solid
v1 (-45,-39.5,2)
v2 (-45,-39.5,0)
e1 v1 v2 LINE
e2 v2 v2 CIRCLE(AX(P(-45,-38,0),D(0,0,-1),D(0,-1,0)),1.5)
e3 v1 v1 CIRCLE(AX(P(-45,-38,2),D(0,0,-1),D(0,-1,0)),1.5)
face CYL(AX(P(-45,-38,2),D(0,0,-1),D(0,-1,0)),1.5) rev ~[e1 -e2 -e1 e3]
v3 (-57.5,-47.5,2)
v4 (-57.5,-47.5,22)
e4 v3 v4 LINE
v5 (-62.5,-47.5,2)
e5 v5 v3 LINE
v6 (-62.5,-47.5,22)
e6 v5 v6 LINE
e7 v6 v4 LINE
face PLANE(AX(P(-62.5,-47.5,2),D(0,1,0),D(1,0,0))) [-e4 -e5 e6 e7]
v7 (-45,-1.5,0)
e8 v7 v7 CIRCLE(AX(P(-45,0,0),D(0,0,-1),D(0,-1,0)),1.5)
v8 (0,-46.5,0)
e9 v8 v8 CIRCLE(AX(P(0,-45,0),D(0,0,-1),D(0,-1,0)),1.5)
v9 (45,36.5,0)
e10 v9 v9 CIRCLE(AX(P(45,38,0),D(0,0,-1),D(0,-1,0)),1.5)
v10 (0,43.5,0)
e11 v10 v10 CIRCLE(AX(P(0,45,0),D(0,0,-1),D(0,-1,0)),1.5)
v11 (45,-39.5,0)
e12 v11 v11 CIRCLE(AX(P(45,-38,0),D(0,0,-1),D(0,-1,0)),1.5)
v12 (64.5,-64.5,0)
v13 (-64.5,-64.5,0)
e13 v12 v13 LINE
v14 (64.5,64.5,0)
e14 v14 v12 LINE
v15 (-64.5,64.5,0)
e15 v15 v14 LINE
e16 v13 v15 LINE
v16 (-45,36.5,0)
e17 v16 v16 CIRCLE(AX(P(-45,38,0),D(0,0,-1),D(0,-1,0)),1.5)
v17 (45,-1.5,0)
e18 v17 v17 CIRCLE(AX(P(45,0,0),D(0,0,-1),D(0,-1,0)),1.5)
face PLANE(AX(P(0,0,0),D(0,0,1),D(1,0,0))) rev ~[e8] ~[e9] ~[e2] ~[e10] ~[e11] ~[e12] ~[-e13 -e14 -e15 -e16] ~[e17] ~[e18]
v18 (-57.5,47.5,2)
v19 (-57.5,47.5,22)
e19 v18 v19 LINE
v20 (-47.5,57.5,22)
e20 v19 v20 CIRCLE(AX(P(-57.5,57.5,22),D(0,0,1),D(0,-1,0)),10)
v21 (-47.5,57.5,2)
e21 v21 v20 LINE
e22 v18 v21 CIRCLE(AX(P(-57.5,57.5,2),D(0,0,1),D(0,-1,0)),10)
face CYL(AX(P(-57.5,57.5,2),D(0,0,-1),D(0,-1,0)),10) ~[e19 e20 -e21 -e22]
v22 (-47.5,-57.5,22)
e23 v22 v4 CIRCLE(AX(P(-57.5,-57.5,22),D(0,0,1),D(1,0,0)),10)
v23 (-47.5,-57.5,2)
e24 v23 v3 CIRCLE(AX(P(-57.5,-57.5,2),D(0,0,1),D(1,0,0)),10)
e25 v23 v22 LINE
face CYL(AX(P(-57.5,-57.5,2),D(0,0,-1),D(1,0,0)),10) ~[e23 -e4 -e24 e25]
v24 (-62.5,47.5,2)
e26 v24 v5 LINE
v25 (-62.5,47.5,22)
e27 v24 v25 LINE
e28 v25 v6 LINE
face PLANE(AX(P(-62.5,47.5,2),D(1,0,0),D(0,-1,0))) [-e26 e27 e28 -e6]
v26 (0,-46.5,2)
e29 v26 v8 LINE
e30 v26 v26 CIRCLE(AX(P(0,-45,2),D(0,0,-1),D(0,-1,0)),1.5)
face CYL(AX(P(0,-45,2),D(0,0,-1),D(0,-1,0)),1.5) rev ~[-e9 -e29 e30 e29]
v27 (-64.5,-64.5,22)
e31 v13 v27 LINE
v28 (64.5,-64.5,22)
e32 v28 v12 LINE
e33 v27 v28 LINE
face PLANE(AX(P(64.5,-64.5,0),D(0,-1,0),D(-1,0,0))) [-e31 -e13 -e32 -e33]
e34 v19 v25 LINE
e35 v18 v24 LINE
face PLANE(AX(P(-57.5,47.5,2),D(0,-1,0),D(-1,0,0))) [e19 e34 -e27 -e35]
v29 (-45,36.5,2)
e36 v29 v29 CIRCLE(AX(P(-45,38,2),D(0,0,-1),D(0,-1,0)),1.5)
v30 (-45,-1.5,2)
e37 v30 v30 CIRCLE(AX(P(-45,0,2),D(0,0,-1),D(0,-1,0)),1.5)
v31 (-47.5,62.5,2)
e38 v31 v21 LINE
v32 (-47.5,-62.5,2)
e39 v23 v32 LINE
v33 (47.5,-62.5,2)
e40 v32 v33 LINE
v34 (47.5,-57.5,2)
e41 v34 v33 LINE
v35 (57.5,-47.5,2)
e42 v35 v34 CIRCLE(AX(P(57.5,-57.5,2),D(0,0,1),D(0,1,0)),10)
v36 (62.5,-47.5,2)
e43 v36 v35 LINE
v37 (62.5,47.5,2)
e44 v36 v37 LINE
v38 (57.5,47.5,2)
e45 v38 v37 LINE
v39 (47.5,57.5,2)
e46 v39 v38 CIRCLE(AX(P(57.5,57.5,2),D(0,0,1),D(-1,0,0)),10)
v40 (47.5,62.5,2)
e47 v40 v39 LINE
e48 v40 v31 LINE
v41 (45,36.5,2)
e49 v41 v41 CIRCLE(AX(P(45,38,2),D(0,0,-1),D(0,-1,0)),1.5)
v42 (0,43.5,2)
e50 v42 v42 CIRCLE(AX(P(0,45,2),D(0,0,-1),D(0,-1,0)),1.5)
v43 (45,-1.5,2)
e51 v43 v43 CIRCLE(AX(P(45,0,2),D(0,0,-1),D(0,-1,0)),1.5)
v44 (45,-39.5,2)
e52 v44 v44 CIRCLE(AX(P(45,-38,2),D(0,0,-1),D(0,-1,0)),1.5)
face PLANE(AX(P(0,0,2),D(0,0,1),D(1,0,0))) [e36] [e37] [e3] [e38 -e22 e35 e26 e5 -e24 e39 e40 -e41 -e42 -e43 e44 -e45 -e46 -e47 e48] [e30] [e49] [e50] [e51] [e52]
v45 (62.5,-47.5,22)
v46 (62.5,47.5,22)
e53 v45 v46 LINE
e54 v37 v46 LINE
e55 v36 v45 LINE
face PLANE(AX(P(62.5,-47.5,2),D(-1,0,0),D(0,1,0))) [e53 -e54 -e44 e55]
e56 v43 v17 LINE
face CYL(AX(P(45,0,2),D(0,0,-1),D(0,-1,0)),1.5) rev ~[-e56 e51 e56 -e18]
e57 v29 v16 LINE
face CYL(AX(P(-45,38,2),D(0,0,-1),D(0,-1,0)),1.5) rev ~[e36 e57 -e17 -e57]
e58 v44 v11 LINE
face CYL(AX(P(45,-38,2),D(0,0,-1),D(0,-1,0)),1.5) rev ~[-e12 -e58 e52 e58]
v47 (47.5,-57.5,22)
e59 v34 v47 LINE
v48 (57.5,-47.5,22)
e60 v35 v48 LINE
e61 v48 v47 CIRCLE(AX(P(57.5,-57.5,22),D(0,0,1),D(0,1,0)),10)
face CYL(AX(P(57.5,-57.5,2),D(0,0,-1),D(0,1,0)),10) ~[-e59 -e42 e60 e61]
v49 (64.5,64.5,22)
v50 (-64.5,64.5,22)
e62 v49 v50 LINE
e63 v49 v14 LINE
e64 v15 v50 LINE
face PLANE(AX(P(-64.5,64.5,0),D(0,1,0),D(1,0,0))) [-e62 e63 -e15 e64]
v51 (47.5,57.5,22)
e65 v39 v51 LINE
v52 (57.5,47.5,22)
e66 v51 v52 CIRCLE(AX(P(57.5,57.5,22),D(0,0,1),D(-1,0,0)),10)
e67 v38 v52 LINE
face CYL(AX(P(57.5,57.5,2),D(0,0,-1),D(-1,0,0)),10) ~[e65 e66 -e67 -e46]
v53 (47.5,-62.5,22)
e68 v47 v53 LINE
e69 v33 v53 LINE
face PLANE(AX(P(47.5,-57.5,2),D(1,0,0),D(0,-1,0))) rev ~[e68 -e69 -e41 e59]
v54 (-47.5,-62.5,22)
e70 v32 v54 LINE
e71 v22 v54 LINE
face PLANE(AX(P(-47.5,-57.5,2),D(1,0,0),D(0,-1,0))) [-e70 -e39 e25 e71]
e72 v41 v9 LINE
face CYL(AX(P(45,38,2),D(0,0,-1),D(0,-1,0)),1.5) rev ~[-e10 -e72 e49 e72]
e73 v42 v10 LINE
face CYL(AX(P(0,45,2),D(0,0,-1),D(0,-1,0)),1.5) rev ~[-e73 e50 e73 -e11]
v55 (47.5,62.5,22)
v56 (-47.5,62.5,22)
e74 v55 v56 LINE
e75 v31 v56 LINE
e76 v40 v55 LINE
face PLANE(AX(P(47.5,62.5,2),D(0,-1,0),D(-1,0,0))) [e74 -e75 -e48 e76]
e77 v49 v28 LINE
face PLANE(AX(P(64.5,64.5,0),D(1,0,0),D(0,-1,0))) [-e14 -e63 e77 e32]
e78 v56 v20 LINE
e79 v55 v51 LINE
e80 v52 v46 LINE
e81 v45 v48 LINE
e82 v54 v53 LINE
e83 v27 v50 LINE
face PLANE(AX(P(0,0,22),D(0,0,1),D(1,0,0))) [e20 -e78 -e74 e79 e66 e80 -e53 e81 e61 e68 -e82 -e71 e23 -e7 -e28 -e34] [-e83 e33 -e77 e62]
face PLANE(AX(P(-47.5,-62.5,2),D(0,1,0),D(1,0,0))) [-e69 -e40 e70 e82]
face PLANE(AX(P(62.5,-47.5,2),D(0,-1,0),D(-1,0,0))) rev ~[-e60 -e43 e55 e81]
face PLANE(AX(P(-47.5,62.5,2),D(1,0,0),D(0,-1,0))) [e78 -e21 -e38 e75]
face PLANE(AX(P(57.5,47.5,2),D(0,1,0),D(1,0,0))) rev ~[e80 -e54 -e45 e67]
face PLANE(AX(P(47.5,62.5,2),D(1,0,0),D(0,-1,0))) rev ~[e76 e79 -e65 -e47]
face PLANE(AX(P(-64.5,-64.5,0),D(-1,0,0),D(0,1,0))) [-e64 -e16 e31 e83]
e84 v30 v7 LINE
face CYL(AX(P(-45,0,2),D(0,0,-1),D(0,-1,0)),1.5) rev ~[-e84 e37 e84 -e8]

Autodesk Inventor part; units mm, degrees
ref_plane "YZ Plane" through (0, 0, 0) normal (1, 0, 0) x (0, 1, 0)
ref_plane "XZ Plane" through (0, 0, 0) normal (0, 1, 0) x (-1, 0, 0)
ref_plane "XY Plane" through (0, 0, 0) normal (0, 0, 1) x (1, 0, 0)
sketch "Skizze1" plane through (0, 0, 0) normal (0, 0, 1) x (1, 0, 0)
  line L0 (-64.5, 64.5) -> (64.5, 64.5)
  line L1 (64.5, 64.5) -> (64.5, -64.5)
  line L2 (64.5, -64.5) -> (-64.5, -64.5)
  line L3 (-64.5, -64.5) -> (-64.5, 64.5)
  line L4 (-64.5, 64.5) -> (64.5, -64.5) construction
  line L5 (64.5, 64.5) -> (-64.5, -64.5) construction
  point P0 (0, 0)
  dimension "d0" = 129
  dimension "d1" = 129
extrude "Extrusion1" add sketch "Skizze1" along normal blind 2
sketch "Skizze2" plane through (0, 0, 2) normal (0, 0, 1) x (1, 0, 0)
  line L0 (64.5, 64.5) -> (-64.5, 64.5) projected
  line L1 (-64.5, -64.5) -> (64.5, -64.5) projected
  line L2 (-64.5, 64.5) -> (64.5, 64.5)
  line L3 (64.5, 64.5) -> (64.5, -64.5)
  line L4 (64.5, -64.5) -> (-64.5, -64.5)
  line L5 (-64.5, -64.5) -> (-64.5, 64.5)
  line L6 (62.5, -47.5) -> (62.5, 47.5)
  line L7 (47.5, 62.5) -> (-47.5, 62.5)
  line L8 (-62.5, 47.5) -> (-62.5, -47.5)
  line L9 (-47.5, -62.5) -> (47.5, -62.5)
  line L10 (-47.5, 62.5) -> (-47.5, 57.5)
  line L11 (-57.5, 47.5) -> (-62.5, 47.5)
  line L12 (47.5, 62.5) -> (47.5, 57.5)
  line L13 (57.5, 47.5) -> (62.5, 47.5)
  line L14 (62.5, -47.5) -> (57.5, -47.5)
  line L15 (47.5, -57.5) -> (47.5, -62.5)
  line L16 (-62.5, -47.5) -> (-57.5, -47.5)
  line L17 (-47.5, -57.5) -> (-47.5, -62.5)
  arc A0 (-57.5, 47.5) -> (-47.5, 57.5) centre (-57.5, 57.5) ccw
  arc A1 (47.5, 57.5) -> (57.5, 47.5) centre (57.5, 57.5) ccw
  arc A2 (57.5, -47.5) -> (47.5, -57.5) centre (57.5, -57.5) ccw
  arc A3 (-47.5, -57.5) -> (-57.5, -47.5) centre (-57.5, -57.5) ccw
  point P0 (0, 0)
  point P1 (47.5, 47.5)
  point P2 (47.5, -47.5)
  point P3 (-47.5, -47.5)
  dimension "d4" = 2
  dimension "d5" = 17
  dimension "d8" = 10
  dimension "d9" = 2
  dimension "d10" = 2
  dimension "d11" = 2
extrude "Extrusion2" add sketch "Skizze2" along normal blind 20
sketch "Skizze3" plane through (0, 0, 2) normal (0, 0, 1) x (1, 0, 0)
  line L0 (-45, 38) -> (45, 38)
  line L1 (45, 38) -> (45, -38)
  line L2 (45, -38) -> (-45, -38)
  line L3 (-45, -38) -> (-45, 38)
  line L4 (-45, 38) -> (45, -38) construction
  line L5 (45, 38) -> (-45, -38) construction
  line L6 (64.5, 64.5) -> (-64.5, 64.5) projected
  line L7 (0, 64.5) -> (0, 45)
  line L8 (0, -45) -> (0, -64.5)
  line L9 (-64.5, -64.5) -> (64.5, -64.5) projected
  point P0 (0, 0)
  point P1 (45, 0)
  point P2 (-45, 0)
  dimension "d14" = 76
  dimension "d15" = 90
  dimension "d16" = 90
hole "Bohrung1" at (-45, 38, 2) at (45, 38, 2) at (45, 0, 2) at (45, -38, 2) at (-45, -38, 2) at (-45, 0, 2) at (0, 45, 2) at (0, -45, 2) direction (0, 0, -1) diameter 3 end through all
properties part number "Gehäuse_Sensor_Dummy"
